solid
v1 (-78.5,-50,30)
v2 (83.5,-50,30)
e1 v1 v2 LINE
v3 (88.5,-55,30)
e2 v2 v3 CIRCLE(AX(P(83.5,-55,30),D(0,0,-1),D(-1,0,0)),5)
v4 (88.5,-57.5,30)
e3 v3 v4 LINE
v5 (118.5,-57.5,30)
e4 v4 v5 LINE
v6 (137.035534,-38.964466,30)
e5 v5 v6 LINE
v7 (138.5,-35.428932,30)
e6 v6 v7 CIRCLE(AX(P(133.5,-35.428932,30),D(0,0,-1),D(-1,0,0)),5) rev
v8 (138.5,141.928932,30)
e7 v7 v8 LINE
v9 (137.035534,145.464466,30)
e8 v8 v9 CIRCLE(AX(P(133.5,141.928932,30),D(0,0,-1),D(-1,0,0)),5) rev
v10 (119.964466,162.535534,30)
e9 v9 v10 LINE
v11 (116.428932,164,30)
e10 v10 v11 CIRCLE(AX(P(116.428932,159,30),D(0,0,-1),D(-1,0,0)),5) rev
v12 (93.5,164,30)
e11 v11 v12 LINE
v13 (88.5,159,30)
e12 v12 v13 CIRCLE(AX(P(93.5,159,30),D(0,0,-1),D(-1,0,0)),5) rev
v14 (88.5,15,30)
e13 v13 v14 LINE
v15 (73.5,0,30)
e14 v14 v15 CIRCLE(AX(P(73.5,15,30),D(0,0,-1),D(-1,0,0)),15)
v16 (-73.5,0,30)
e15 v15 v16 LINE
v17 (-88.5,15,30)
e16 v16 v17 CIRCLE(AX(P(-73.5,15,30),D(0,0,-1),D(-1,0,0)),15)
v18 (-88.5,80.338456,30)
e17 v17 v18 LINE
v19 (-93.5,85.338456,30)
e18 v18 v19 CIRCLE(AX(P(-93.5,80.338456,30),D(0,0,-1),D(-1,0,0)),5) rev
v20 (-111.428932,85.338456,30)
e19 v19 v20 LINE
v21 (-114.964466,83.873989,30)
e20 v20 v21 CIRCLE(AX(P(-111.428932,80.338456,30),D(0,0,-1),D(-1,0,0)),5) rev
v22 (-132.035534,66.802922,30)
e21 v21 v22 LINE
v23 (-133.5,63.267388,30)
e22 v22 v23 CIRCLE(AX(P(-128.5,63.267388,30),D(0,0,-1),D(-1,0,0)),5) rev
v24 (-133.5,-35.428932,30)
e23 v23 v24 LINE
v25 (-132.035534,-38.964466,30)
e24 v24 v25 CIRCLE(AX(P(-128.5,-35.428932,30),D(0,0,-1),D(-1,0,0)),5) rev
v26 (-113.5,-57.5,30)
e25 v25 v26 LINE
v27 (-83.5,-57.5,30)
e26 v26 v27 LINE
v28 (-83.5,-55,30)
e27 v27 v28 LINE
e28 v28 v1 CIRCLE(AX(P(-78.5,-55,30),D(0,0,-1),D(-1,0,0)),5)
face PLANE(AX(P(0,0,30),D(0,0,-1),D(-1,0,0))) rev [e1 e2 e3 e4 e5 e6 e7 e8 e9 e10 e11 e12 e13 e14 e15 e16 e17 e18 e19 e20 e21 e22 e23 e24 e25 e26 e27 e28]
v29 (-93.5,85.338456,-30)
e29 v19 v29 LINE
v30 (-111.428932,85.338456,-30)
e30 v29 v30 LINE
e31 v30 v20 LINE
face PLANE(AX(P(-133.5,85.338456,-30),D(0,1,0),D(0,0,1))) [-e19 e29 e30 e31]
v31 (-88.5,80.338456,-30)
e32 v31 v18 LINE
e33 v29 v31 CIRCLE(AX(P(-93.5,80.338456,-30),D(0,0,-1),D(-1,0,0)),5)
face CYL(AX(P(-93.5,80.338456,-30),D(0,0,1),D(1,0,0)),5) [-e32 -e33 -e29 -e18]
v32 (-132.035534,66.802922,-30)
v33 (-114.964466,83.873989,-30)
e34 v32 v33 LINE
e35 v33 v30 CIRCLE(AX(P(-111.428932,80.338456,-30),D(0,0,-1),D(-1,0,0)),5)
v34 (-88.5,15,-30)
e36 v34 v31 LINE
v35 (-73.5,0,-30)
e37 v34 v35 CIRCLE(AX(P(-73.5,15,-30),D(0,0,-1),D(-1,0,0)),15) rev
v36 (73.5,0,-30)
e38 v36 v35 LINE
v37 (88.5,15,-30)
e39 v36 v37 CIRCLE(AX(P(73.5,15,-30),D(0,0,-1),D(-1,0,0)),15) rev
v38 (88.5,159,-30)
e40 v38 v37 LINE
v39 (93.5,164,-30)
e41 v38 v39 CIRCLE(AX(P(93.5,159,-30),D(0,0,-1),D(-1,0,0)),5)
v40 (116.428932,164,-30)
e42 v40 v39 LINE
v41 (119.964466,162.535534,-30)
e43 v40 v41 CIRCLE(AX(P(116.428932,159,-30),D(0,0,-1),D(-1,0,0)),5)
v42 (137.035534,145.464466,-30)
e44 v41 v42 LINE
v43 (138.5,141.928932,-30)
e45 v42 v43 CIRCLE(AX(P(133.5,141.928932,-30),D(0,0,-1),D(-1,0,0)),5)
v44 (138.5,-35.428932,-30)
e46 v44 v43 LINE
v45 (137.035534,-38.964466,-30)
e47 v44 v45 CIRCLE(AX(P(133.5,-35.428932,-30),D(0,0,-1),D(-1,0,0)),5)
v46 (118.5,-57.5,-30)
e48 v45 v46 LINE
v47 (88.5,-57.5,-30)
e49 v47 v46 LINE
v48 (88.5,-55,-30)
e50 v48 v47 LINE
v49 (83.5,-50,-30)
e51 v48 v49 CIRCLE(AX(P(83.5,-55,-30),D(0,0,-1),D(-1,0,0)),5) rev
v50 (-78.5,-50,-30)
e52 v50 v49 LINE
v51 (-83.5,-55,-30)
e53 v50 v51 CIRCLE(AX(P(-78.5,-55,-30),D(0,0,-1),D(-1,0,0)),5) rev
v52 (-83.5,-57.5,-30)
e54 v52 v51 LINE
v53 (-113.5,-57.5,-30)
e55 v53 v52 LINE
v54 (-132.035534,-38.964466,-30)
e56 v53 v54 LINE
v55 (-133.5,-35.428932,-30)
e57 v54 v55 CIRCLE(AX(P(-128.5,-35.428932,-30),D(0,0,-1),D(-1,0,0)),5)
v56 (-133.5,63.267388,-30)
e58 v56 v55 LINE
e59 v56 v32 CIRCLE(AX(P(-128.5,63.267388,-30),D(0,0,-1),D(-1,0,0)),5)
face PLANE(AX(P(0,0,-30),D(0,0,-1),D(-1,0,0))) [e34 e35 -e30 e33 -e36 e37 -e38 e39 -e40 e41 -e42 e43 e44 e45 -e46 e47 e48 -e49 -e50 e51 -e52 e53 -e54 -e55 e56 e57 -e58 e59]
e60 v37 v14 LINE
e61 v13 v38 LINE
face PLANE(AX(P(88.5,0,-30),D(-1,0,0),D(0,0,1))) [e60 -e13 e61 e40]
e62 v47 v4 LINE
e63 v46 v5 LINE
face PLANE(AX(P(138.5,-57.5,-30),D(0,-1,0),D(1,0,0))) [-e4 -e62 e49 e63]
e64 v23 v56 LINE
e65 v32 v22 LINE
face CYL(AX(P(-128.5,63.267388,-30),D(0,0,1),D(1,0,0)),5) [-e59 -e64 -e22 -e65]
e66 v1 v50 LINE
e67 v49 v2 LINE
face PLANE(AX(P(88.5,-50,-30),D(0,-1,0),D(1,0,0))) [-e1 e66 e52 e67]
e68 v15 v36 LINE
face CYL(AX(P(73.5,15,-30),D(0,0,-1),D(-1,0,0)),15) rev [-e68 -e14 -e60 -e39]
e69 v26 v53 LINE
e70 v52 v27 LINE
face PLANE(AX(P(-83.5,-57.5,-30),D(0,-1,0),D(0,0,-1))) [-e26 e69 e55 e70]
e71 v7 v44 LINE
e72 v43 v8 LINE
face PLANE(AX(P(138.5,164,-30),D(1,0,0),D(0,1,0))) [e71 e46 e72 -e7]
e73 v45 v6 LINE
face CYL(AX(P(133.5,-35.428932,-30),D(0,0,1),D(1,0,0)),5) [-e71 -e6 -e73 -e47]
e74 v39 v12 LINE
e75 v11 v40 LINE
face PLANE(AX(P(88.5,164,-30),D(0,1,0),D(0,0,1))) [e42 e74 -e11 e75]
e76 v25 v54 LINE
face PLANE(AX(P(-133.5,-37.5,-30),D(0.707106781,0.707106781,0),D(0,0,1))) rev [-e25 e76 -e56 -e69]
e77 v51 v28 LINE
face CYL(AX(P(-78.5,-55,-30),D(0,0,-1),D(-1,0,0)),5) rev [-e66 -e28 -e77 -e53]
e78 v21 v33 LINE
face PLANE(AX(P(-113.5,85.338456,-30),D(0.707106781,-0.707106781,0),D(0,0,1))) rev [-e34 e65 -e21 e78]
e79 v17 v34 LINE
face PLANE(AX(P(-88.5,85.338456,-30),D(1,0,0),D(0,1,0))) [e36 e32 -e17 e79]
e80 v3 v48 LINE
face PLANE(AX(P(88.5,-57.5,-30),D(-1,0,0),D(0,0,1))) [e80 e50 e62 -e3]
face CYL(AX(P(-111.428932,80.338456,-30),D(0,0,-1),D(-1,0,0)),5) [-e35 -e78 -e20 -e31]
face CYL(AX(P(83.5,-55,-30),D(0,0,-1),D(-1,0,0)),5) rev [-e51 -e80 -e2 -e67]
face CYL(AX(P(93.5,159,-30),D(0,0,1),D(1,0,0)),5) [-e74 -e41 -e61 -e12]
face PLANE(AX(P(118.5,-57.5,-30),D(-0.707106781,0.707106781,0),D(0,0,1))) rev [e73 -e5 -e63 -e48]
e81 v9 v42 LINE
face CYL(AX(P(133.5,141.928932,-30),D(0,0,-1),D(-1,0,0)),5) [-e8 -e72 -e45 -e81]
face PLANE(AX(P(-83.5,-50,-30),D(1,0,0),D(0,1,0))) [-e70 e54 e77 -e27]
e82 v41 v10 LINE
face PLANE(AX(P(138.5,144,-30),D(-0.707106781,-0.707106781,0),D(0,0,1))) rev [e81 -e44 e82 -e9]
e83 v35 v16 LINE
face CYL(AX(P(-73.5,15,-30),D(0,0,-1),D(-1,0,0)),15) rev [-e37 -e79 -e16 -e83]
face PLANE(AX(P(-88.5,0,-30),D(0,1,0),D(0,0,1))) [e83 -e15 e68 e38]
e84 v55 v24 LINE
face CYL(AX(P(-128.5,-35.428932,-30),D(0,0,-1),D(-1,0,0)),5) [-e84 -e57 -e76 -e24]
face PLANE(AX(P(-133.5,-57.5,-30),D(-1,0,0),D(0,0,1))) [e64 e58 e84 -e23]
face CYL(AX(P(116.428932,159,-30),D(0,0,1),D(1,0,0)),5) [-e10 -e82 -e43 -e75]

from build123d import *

# Parameters (mm, degrees)
BOSS_EXTRUDE1_DEPTH      = 30
BOSS_EXTRUDE1_DEPTH_BACK = 30
CHAMFER1_SIZE            = 20
FILLET1_R                = 15
FILLET2_R                = 5


with BuildPart() as part:
    # Sketch2 → Boss-Extrude1 (new, two sides: drawn at the far end of the back side and taken through both)
    with BuildSketch(Plane.XY.offset(-BOSS_EXTRUDE1_DEPTH_BACK)):
        Polygon((-133.5, 85.338455572), (-88.5, 85.338455572), (-88.5, 0), (88.5, 0), (88.5, 164), (138.5, 164), (138.5, -57.5), (88.5, -57.5), (88.5, -50), (-83.5, -50), (-83.5, -57.5), (-133.5, -57.5), align=None)
    extrude(amount=BOSS_EXTRUDE1_DEPTH + BOSS_EXTRUDE1_DEPTH_BACK)

    # Chamfer1
    chamfer1_edges = [part.edges().sort_by_distance(p)[0] for p in [
        (-133.5, -57.5, 0),
        (138.5, -57.5, 0),
        (138.5, 164, 0),
        (-133.5, 85.338455572, 0),
    ]]
    chamfer(chamfer1_edges, length=CHAMFER1_SIZE)

    # Fillet1
    fillet1_edges = [part.edges().sort_by_distance(p)[0] for p in [
        (88.5, 0, 0),
        (-88.5, 0, 0),
    ]]
    fillet(fillet1_edges, radius=FILLET1_R)

    # Fillet2
    fillet2_edges = [part.edges().sort_by_distance(p)[0] for p in [
        (138.5, -37.5, 0),
        (88.5, -50, 0),
        (-83.5, -50, 0),
        (-133.5, -37.5, 0),
        (-133.5, 65.338455572, 0),
        (-113.5, 85.338455572, 0),
        (-88.5, 85.338455572, 0),
        (138.5, 144, 0),
        (118.5, 164, 0),
        (88.5, 164, 0),
    ]]
    fillet(fillet2_edges, radius=FILLET2_R)


solid = part.part
